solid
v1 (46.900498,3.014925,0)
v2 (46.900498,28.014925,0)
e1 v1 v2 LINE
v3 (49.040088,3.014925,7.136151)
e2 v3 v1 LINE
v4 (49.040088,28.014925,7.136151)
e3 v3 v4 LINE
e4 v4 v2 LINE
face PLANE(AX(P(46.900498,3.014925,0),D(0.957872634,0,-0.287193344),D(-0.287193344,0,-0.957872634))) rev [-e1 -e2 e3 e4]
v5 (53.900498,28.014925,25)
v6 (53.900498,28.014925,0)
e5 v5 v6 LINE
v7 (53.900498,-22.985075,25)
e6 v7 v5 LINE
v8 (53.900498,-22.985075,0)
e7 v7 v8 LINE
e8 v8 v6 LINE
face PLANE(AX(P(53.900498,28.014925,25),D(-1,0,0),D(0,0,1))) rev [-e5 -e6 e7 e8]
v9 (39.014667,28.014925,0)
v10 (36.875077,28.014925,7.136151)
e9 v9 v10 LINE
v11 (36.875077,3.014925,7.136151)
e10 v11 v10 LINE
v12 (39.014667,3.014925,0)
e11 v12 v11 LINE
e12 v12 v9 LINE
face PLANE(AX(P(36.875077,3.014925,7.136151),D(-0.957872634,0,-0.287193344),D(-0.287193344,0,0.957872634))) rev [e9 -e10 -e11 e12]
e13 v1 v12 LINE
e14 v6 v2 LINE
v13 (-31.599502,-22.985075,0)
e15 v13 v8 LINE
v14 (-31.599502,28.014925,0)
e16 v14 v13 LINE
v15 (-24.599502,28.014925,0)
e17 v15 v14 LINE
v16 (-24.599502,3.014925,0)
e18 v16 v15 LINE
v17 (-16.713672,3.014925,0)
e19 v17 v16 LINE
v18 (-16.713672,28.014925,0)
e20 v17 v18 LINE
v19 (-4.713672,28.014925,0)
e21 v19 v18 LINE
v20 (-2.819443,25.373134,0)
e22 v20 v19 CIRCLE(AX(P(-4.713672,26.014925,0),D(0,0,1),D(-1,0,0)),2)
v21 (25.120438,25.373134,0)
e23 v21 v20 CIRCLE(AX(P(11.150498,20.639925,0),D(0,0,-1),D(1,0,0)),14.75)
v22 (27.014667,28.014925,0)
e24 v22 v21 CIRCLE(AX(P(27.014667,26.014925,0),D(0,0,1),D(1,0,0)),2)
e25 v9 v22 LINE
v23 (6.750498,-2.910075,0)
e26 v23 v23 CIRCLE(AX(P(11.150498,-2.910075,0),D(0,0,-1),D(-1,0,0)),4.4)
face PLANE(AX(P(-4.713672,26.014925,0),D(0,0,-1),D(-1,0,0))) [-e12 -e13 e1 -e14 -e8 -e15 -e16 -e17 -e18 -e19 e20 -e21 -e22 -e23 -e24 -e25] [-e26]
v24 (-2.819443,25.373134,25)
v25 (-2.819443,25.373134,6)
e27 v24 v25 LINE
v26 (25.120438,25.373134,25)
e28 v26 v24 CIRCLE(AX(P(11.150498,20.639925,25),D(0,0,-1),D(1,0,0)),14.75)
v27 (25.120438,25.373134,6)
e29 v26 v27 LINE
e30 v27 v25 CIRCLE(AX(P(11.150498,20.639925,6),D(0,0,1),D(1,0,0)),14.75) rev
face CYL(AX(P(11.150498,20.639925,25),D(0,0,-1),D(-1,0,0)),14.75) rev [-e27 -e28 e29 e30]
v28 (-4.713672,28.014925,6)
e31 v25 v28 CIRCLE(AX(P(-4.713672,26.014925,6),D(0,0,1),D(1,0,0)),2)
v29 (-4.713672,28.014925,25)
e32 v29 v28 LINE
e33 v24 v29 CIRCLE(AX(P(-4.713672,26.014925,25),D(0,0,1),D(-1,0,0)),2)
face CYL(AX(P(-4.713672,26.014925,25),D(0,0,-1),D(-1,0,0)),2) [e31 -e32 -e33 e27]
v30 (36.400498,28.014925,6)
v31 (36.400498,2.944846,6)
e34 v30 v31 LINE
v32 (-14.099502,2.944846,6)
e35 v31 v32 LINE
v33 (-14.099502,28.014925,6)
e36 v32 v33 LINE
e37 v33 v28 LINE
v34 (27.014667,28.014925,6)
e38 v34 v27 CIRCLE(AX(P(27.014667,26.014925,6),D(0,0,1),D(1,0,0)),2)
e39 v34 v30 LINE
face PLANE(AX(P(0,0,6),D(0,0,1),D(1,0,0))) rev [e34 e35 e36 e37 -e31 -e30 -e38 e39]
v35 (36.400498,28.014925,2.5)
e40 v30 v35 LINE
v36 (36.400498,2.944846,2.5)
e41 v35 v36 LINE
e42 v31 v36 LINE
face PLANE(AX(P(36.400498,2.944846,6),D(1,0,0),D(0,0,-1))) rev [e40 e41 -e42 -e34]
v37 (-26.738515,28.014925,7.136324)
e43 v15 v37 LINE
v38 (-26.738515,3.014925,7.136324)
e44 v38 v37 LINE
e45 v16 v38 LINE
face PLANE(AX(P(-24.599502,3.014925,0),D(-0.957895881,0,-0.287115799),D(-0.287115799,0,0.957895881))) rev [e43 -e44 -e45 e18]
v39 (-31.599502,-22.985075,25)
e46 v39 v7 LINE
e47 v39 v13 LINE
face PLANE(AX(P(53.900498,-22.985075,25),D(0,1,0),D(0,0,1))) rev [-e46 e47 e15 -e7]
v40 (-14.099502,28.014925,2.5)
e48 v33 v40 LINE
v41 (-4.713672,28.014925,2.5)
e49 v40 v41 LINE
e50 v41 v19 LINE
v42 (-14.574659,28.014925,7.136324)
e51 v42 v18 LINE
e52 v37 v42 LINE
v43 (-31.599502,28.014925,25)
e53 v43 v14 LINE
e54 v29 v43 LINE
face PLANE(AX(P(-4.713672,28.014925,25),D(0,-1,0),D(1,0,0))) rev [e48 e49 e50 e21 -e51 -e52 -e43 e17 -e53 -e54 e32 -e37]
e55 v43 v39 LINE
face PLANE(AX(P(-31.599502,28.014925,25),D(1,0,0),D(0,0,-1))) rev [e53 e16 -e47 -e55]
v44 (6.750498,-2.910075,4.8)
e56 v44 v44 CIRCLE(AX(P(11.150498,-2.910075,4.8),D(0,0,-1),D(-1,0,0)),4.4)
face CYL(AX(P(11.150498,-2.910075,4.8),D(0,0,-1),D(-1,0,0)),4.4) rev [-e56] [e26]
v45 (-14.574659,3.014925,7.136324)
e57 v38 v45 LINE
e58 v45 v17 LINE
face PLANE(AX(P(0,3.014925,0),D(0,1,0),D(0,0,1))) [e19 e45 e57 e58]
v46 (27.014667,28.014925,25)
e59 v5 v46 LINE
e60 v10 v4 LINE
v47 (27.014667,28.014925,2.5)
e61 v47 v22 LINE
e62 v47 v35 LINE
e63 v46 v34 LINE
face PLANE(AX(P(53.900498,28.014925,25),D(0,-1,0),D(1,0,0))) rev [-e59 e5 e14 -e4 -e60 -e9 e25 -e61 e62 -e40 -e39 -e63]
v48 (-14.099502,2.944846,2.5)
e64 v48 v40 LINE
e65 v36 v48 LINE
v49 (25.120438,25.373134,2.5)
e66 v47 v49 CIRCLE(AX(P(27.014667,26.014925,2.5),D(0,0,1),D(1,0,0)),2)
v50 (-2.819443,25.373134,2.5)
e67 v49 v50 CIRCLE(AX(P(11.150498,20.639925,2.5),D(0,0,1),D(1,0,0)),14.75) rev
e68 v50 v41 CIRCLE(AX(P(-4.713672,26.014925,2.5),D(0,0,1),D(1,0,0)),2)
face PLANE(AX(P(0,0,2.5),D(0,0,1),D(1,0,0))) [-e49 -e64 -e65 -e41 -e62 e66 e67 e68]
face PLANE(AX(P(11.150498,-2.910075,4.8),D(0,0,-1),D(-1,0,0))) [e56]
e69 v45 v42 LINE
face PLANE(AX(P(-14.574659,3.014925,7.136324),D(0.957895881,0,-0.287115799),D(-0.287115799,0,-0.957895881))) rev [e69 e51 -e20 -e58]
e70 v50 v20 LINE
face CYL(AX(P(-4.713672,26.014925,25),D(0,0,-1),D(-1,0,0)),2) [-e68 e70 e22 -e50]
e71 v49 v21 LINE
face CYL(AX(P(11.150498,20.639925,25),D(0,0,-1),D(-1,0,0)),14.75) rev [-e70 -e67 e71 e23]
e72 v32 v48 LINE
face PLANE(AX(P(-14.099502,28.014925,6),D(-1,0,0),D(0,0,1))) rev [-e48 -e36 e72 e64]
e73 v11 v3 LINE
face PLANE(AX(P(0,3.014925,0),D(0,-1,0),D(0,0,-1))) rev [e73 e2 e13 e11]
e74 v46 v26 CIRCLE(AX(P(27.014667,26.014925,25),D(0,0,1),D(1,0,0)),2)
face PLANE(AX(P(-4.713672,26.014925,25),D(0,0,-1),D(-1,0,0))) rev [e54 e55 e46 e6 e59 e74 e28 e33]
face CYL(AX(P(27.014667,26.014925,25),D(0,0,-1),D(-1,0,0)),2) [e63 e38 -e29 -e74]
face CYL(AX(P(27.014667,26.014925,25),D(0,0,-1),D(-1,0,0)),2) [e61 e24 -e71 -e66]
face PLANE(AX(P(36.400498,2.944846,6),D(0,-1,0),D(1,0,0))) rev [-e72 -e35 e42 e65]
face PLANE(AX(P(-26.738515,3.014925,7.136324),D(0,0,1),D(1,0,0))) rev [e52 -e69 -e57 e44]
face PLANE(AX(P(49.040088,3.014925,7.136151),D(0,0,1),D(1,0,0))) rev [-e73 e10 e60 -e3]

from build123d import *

# Parameters (mm, degrees)
BOSS_EXTRUDE1_DEPTH = 25
CUT_EXTRUDE3_START  = -25
SKETCH5_R           = 4.4
CUT_EXTRUDE3_DEPTH  = 4.8
CUT_EXTRUDE4_DEPTH  = 25
SKETCH8_W           = 50.5
SKETCH8_H           = 25.070079704
CUT_EXTRUDE5_DEPTH  = 3.5


with BuildPart() as part:
    # Sketch2 → Boss-Extrude1 (new body)
    with BuildSketch(Plane.XY):
        with BuildLine():
            Line((53.900497512, 28.014925373), (27.014667046, 28.014925373))
            ThreePointArc((27.014667046, 28.014925373), (25.389308303, 27.180347595), (25.120437848, 25.373134328))
            ThreePointArc((25.120437848, 25.373134328), (11.150497512, 5.889925373), (-2.819442823, 25.373134328))
            ThreePointArc((-2.819442823, 25.373134328), (-3.088313278, 27.180347595), (-4.713672021, 28.014925373))
            Line((-4.713672021, 28.014925373), (-31.599502488, 28.014925373))
            Line((-31.599502488, 28.014925373), (-31.599502488, -22.985074627))
            Line((-31.599502488, -22.985074627), (53.900497512, -22.985074627))
            Line((53.900497512, -22.985074627), (53.900497512, 28.014925373))
        make_face()
    extrude(amount=BOSS_EXTRUDE1_DEPTH)

    # Sketch5 → Cut-Extrude3 (cut)
    with BuildSketch(Plane.XY.offset(25).offset(CUT_EXTRUDE3_START)):
        with Locations((11.150497512, -2.910074627)):
            Circle(SKETCH5_R)
    extrude(amount=CUT_EXTRUDE3_DEPTH, mode=Mode.SUBTRACT)

    # Sketch6 → Cut-Extrude4 (cut)
    with BuildSketch(Plane(origin=(0, 28.014925373, 0), x_dir=(1, 0, 0), z_dir=(0, 1, 0))):
        Polygon((-24.599502488, 0), (-26.73851519, -7.13632431), (-14.574659319, -7.13632431), (-16.713672021, 0), align=None)
        Polygon((46.900497512, 0), (49.040087925, -7.136151124), (36.875076634, -7.136151124), (39.014667046, 0), align=None)
    extrude(amount=-CUT_EXTRUDE4_DEPTH, mode=Mode.SUBTRACT)

    # Sketch8 → Cut-Extrude5 (cut)
    with BuildSketch(Plane(origin=(0, 0, 2.5), x_dir=(-1, 0, 0), z_dir=(0, 0, -1))):
        with Locations((-11.150497512, 15.479885521)):
            Rectangle(SKETCH8_W, SKETCH8_H)
    extrude(amount=-CUT_EXTRUDE5_DEPTH, mode=Mode.SUBTRACT)


solid = part.part
